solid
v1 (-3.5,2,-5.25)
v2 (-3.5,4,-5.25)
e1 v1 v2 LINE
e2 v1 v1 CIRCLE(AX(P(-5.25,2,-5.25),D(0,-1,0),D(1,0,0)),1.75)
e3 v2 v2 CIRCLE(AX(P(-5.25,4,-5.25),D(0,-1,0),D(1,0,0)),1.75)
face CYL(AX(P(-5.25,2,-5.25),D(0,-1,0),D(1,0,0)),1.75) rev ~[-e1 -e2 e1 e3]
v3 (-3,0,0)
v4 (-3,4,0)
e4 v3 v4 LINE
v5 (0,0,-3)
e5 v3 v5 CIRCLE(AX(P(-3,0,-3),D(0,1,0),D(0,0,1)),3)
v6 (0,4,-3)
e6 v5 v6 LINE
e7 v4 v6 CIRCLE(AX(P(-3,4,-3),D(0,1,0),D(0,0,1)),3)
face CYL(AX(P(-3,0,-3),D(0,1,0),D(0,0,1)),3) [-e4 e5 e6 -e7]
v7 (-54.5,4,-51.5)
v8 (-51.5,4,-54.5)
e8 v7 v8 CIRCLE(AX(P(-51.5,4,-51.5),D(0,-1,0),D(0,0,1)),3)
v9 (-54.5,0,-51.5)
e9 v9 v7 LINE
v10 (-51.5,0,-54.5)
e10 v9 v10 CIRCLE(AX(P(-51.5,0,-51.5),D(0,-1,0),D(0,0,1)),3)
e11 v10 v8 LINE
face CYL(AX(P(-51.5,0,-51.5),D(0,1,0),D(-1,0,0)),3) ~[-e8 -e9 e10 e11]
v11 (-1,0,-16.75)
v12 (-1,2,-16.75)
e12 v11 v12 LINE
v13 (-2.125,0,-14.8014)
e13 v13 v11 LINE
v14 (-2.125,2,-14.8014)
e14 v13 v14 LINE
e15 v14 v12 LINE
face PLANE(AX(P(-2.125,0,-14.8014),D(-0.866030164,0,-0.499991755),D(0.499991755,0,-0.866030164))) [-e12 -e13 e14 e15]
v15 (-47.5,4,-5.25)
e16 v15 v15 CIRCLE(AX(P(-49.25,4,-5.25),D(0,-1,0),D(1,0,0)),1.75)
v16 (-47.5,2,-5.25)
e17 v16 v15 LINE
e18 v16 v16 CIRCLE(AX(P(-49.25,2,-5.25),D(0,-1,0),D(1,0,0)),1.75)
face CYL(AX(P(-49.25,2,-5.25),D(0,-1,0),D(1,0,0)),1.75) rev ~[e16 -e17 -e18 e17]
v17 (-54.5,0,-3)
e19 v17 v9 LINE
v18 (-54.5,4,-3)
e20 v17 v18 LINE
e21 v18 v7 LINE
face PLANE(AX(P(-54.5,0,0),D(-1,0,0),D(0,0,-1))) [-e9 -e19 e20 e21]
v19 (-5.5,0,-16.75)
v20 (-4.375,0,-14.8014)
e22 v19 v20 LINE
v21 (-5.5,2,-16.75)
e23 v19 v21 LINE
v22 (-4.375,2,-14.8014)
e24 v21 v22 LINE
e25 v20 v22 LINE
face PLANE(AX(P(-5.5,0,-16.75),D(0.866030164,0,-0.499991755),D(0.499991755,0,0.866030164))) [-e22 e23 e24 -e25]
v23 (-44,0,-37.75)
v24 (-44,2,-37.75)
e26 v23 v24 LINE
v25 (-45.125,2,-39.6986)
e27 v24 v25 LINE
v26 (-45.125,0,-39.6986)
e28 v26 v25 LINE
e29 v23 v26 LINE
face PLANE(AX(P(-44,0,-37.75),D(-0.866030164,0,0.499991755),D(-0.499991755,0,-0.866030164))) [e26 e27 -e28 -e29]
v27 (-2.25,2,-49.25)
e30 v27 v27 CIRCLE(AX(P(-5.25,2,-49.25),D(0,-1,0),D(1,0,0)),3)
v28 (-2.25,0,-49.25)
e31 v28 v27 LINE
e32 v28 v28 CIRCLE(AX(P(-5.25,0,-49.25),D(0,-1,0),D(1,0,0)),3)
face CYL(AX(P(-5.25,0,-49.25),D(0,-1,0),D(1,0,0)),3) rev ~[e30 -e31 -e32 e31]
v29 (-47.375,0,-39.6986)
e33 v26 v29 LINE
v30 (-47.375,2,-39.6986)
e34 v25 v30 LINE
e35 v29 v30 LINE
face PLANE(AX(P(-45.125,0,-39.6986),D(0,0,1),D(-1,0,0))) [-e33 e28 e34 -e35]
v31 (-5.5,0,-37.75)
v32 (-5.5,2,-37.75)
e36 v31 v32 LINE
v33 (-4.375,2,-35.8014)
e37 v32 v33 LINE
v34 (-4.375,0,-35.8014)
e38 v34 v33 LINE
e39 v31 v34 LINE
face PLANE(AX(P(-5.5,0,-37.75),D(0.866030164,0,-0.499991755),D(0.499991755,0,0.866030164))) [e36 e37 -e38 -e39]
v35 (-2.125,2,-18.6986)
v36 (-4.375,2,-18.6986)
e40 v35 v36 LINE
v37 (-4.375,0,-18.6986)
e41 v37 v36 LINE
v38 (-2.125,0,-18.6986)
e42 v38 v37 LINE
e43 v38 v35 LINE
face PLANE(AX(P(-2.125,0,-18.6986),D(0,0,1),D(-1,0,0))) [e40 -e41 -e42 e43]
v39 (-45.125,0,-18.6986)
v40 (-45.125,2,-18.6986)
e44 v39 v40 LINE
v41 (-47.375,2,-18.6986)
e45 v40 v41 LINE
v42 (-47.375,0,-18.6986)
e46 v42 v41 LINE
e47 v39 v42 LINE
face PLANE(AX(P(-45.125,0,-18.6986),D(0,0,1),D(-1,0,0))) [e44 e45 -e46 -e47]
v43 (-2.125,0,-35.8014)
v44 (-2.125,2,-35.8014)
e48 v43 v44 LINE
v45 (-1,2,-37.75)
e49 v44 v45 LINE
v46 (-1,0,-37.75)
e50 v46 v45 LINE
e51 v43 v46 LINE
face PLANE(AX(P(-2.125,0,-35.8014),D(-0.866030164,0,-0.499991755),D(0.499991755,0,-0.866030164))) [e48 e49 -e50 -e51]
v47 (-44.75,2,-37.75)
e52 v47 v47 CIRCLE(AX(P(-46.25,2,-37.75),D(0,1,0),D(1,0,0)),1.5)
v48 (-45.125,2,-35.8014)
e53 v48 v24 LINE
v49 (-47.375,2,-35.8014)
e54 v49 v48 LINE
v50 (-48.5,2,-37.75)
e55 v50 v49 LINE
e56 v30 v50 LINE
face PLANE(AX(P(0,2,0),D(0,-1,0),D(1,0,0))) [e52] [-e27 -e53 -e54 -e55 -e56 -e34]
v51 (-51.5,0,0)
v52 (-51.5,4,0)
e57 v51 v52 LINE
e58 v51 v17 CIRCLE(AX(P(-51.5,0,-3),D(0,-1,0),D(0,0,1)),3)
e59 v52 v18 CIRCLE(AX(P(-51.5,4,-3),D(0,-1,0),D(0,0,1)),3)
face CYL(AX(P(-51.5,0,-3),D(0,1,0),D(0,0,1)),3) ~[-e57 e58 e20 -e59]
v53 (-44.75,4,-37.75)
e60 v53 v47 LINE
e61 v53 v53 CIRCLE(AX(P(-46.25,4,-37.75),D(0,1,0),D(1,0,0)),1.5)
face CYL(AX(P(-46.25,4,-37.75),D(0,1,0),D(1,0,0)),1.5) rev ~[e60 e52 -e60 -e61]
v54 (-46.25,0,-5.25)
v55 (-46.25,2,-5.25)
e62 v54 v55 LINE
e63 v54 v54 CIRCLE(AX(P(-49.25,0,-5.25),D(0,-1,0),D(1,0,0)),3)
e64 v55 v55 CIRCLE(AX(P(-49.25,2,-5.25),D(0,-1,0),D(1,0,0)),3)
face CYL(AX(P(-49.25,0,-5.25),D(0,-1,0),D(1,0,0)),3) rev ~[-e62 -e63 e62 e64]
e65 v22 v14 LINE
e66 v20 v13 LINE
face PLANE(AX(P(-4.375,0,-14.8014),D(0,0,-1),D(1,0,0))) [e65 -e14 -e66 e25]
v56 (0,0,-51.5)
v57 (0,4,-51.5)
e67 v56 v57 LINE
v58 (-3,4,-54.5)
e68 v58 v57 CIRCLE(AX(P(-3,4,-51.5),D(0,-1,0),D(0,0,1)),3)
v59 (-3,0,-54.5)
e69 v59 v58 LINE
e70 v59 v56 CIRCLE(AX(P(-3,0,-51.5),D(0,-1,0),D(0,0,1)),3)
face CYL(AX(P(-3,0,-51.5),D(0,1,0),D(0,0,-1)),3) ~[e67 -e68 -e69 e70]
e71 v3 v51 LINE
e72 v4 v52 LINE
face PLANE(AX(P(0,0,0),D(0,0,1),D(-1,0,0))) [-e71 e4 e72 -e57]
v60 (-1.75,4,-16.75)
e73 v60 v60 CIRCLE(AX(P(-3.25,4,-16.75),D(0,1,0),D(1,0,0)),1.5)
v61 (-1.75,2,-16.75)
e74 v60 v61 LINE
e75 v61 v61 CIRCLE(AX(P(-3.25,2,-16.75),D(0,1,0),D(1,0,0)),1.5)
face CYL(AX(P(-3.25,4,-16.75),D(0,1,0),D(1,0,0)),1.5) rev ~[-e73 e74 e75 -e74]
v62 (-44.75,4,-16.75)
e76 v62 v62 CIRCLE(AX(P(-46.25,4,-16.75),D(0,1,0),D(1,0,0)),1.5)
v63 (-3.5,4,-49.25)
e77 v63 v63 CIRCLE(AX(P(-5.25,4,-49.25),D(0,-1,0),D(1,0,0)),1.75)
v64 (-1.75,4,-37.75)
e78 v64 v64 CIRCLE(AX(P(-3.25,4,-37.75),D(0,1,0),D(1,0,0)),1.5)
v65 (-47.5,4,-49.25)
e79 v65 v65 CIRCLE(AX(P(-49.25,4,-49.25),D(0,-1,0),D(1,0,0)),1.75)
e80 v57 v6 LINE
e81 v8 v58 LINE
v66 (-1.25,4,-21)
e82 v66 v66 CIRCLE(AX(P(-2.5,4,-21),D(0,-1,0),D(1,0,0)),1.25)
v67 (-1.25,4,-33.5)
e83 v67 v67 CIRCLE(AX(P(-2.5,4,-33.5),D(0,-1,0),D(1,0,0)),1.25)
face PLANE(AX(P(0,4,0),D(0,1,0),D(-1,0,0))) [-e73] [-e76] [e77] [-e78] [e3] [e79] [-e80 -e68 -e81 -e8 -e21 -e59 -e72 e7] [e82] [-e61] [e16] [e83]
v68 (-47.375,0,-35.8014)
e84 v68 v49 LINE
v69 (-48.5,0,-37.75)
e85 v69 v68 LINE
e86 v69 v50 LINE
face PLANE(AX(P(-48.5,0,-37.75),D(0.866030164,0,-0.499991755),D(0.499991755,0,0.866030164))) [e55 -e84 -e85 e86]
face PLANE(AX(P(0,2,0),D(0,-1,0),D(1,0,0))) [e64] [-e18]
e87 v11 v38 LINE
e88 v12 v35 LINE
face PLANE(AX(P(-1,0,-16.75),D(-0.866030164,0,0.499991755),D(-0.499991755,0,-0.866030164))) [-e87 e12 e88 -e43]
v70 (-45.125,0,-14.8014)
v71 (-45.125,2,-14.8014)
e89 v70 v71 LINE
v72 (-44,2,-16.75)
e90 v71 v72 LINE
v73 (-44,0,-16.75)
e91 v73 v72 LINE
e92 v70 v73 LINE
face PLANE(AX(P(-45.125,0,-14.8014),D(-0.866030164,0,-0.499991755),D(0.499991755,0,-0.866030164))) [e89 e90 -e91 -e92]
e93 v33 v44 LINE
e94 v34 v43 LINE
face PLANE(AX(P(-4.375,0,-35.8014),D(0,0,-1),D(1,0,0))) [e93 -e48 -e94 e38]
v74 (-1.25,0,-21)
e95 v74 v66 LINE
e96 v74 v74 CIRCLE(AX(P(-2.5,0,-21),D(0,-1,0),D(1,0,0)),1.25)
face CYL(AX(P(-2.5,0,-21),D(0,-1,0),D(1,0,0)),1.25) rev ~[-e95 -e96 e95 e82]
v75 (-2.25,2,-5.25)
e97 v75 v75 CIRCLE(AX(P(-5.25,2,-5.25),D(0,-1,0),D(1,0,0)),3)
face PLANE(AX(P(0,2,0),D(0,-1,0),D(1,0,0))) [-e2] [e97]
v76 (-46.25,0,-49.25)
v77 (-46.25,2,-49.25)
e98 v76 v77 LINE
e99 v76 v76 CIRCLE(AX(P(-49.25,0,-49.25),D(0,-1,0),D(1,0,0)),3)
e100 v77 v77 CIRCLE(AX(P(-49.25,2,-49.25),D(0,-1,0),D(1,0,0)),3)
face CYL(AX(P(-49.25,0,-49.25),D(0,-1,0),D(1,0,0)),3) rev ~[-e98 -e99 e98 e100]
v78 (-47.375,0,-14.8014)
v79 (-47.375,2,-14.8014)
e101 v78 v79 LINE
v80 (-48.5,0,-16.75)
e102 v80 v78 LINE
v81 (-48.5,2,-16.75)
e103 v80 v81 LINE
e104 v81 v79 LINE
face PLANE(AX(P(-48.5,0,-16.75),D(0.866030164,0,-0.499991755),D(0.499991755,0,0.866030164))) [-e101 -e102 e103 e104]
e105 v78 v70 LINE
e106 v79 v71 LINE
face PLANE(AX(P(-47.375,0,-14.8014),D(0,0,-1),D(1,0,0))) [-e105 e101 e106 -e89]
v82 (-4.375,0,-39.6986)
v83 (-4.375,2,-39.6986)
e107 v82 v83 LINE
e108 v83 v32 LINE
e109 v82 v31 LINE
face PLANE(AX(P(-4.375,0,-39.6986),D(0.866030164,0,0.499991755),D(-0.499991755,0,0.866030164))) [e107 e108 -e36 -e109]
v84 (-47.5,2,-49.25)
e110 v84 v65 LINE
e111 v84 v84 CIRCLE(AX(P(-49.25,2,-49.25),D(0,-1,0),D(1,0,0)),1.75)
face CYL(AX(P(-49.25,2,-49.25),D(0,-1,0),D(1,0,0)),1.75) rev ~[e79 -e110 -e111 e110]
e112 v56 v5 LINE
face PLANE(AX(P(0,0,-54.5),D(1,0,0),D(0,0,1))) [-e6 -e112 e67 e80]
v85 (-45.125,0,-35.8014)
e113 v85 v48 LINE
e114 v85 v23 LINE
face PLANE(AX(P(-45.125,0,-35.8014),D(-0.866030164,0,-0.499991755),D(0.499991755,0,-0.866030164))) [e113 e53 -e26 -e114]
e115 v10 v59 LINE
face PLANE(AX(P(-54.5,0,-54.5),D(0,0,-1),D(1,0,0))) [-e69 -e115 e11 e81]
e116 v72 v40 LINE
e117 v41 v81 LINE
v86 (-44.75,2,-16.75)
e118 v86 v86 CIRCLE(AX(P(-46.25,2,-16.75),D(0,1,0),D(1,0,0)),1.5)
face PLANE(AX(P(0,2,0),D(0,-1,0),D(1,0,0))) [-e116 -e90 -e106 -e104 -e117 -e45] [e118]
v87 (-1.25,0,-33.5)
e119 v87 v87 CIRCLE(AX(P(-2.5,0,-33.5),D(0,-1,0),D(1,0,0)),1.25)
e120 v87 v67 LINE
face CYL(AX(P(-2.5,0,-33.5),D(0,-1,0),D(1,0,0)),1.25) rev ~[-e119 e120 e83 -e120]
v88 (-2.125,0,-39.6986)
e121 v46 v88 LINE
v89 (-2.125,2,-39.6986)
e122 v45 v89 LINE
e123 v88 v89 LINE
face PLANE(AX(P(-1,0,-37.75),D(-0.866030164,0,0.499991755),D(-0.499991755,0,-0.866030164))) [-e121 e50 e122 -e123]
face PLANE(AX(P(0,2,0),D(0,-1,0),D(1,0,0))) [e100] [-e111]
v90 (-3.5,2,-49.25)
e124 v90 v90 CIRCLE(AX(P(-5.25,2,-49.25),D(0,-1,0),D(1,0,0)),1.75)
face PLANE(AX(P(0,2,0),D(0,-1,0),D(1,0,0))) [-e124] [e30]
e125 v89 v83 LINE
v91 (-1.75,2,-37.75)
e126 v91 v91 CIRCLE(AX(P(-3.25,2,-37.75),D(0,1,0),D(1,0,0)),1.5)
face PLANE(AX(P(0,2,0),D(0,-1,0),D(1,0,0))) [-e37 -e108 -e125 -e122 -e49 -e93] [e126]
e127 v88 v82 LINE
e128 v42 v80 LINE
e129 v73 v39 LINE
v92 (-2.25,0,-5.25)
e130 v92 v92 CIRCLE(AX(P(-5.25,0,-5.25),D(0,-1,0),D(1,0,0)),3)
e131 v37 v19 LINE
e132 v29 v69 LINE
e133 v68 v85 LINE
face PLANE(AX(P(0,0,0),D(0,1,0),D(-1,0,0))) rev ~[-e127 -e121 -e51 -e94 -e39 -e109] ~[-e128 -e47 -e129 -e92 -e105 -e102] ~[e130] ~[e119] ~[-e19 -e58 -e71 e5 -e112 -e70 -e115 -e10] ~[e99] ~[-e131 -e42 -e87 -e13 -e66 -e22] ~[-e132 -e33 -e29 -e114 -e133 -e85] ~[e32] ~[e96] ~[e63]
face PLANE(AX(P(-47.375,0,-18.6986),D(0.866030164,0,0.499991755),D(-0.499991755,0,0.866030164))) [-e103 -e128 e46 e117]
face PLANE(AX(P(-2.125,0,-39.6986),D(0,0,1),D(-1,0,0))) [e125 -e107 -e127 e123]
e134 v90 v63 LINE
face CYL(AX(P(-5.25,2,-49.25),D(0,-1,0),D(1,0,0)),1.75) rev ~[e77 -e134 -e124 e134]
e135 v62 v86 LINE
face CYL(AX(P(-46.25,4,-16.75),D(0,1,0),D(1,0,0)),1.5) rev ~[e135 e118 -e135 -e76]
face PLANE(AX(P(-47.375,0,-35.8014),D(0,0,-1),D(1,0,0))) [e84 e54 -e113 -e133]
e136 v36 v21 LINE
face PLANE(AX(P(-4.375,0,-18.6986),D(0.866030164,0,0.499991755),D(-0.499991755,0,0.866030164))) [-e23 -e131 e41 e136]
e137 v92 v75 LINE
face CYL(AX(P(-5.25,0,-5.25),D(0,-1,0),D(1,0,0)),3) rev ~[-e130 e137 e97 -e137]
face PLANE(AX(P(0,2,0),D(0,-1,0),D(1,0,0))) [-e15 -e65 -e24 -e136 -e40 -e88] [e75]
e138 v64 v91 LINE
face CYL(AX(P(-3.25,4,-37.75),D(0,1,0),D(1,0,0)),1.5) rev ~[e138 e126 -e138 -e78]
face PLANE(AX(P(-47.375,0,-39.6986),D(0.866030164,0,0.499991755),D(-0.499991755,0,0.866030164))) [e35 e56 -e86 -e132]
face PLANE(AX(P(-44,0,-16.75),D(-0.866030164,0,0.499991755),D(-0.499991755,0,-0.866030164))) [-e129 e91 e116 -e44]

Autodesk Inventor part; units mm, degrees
ref_plane "YZ Plane" through (0, 0, 0) normal (1, 0, 0) x (0, 1, 0)
ref_plane "XZ Plane" through (0, 0, 0) normal (0, 1, 0) x (-1, 0, 0)
ref_plane "XY Plane" through (0, 0, 0) normal (0, 0, 1) x (1, 0, 0)
sketch "Эскиз1" plane through (0, 0, 0) normal (0, 1, 0) x (-1, 0, 0)
  line L0 (0, 0) -> (54.5, 0)
  line L1 (54.5, 0) -> (54.5, -54.5)
  line L2 (54.5, -54.5) -> (0, -54.5)
  line L3 (0, -54.5) -> (0, 0)
  dimension "d0" = 54.5
  dimension "d1" = 54.5
extrude "Выдавливание1" add sketch "Эскиз1" along normal blind 4
fillet "Сопряжение1" radius 3 4 edges at (0, 2, 0) (0, 2, -54.5) (-54.5, 2, -54.5) (-54.5, 2, 0)
sketch "Эскиз2" plane through (0, 0, 0) normal (0, -1, 0) x (1, 0, 0)
  arc A0 (-54.5, -51.5) -> (-51.5, -54.5) centre (-51.5, -51.5) ccw projected
  line L0 (-54.5, -51.5) -> (-54.5, -3) projected
  line L1 (-54.5, -27.25) -> (0, -27.25) construction
  line L2 (0, -3) -> (0, -51.5) projected
  line L3 (-3, -54.5) -> (-51.5, -54.5) projected
  line L4 (-27.25, -54.5) -> (-27.25, 0) construction
  line L5 (-51.5, 0) -> (-3, 0) projected
  line L6 (-54.5, -51.5) -> (-54.5, -3) projected
  circle A1 centre (-49.25, -49.25) radius 3
  circle A2 centre (-49.25, -5.25) radius 3
  circle A3 centre (-5.25, -49.25) radius 3
  circle A4 centre (-5.25, -5.25) radius 3
  point P0 (0, 0)
  dimension "d13" = 6
  dimension "d34" = 44
  dimension "d35" = 44
extrude "Выдавливание2" cut sketch "Эскиз2" against normal blind 2
sketch "Эскиз3" plane through (0, 2, 0) normal (0, -1, 0) x (1, 0, 0)
  circle A0 centre (-49.25, -49.25) radius 1.75
  line L0 (-54.5, -51.5) -> (-54.5, -3) projected
  line L1 (-54.5, -27.25) -> (0, -27.25) construction
  line L2 (0, -3) -> (0, -51.5) projected
  line L3 (-3, -54.5) -> (-51.5, -54.5) projected
  line L4 (-27.25, -54.5) -> (-27.25, 0) construction
  line L5 (-51.5, 0) -> (-3, 0) projected
  circle A1 centre (-49.25, -5.25) radius 1.75
  circle A2 centre (-5.25, -49.25) radius 1.75
  circle A3 centre (-5.25, -5.25) radius 1.75
  circle A4 centre (-49.25, -49.25) radius 3 construction
  circle A5 centre (-49.25, -49.25) radius 3
  point P0 (0, 0)
  point P1 (-45.0293, -48.6853)
  point P2 (-51.4707, -47.8147)
  dimension "d9" = 3.5
extrude "Выдавливание3" cut sketch "Эскиз3" against normal blind 2 contours A0 | A1 | A2 | A3
sketch "Эскиз4" plane through (0, 4, 0) normal (0, 1, 0) x (1, 0, 0)
  line L0 (-54.5, 51.5) -> (-54.5, 3) projected
  line L1 (0, 3) -> (0, 51.5) construction
  line L2 (-51.5, 0) -> (-3, 0) projected
  line L3 (-3, 54.5) -> (-51.5, 54.5) projected
  line L4 (-49.5, 14.5) -> (0, 14.5) construction
  line L5 (0, 14.5) -> (0, 40) construction
  line L6 (0, 40) -> (-49.5, 40) construction
  line L7 (-49.5, 40) -> (-49.5, 14.5) construction
  line L8 (-46.25, 16.75) -> (-3.25, 16.75) construction
  line L9 (-3.25, 16.75) -> (-3.25, 37.75) construction
  line L10 (-3.25, 37.75) -> (-46.25, 37.75) construction
  line L11 (-46.25, 37.75) -> (-46.25, 16.75) construction
  line L12 (-24.75, 14.5) -> (-24.75, 40) construction
  line L13 (0, 27.25) -> (-24.75, 27.25) construction
  line L14 (-24.75, 16.75) -> (-24.75, 37.75) construction
  line L15 (-3.25, 27.25) -> (-24.75, 27.25) construction
  circle A0 centre (-46.25, 16.75) radius 1.5
  circle A1 centre (-46.25, 37.75) radius 1.5
  circle A2 centre (-3.25, 37.75) radius 1.5
  circle A3 centre (-3.25, 16.75) radius 1.5
  line L16 (-27.25, 27.25) -> (-21.7344, 27.25) construction
  point P0 (0, 0)
  dimension "d17" = 49.5
  dimension "d18" = 25.5
  dimension "d19" = 43
  dimension "d20" = 21
  dimension "d21" = 3
  dimension "d22" = 3
  dimension "d23" = 3
  dimension "d24" = 3
  dimension "d36" = 2.25
  dimension "d37" = 3.25
  dimension "d40" = 3.25
  dimension "d41" = 2.25
  dimension "d42" = 2.25
  dimension "d43" = 3.25
  dimension "d44" = 3.25
  dimension "d45" = 2.25
extrude "Выдавливание4" cut sketch "Эскиз4" against normal blind 4
sketch "Эскиз5" plane through (0, 0, 0) normal (0, -1, 0) x (1, 0, 0)
  circle A0 centre (-3.25, -16.75) radius 1.5 projected
  circle A1 centre (-3.25, -16.75) radius 2.25 construction
  line L0 (-1, -16.75) -> (-2.125, -18.6986)
  line L1 (-2.125, -18.6986) -> (-4.375, -18.6986)
  line L2 (-4.375, -18.6986) -> (-5.5, -16.75)
  line L3 (-5.5, -16.75) -> (-4.375, -14.8014)
  line L4 (-4.375, -14.8014) -> (-2.125, -14.8014)
  line L5 (-2.125, -14.8014) -> (-1, -16.75)
  circle A2 centre (-3.25, -37.75) radius 1.5 projected
  circle A3 centre (-3.25, -37.75) radius 1.5
  circle A4 centre (-46.25, -37.75) radius 1.5 projected
  circle A5 centre (-46.25, -37.75) radius 1.5
  circle A6 centre (-46.25, -16.75) radius 1.5 projected
  circle A7 centre (-46.25, -16.75) radius 1.5
  line L6 (-1, -37.75) -> (-2.125, -39.6986)
  line L7 (-2.125, -39.6986) -> (-4.375, -39.6986)
  line L8 (-4.375, -39.6986) -> (-5.5, -37.75)
  line L9 (-5.5, -37.75) -> (-4.375, -35.8014)
  line L10 (-4.375, -35.8014) -> (-2.125, -35.8014)
  line L11 (-2.125, -35.8014) -> (-1, -37.75)
  line L12 (-44, -37.75) -> (-45.125, -39.6986)
  line L13 (-45.125, -39.6986) -> (-47.375, -39.6986)
  line L14 (-47.375, -39.6986) -> (-48.5, -37.75)
  line L15 (-48.5, -37.75) -> (-47.375, -35.8014)
  line L16 (-47.375, -35.8014) -> (-45.125, -35.8014)
  line L17 (-45.125, -35.8014) -> (-44, -37.75)
  line L18 (-44, -16.75) -> (-45.125, -18.6986)
  line L19 (-45.125, -18.6986) -> (-47.375, -18.6986)
  line L20 (-47.375, -18.6986) -> (-48.5, -16.75)
  line L21 (-48.5, -16.75) -> (-47.375, -14.8014)
  line L22 (-47.375, -14.8014) -> (-45.125, -14.8014)
  line L23 (-45.125, -14.8014) -> (-44, -16.75)
  line L24 (-44, -16.75) -> (-48.5, -16.75) construction
  line L25 (-44, -37.75) -> (-48.5, -37.75) construction
  line L26 (-1, -37.75) -> (-5.5, -37.75) construction
  line L27 (-1, -16.75) -> (-5.5, -16.75) construction
  point P0 (0, 0)
  dimension "d27" = 4.5
extrude "Выдавливание5" cut sketch "Эскиз5" against normal blind 2 contours A0 | L0 L1 L2 L3 L4 L5 | A2 | A4 | A6 | L6 L7 L8 L9 L10 L11 | L12 L13 L14 L15 L16 L17 | L18 L19 L20 L21 L22 L23
sketch "Эскиз6" plane through (0, 0, 0) normal (0, -1, 0) x (1, 0, 0)
  circle A0 centre (-2.5, -33.5) radius 1.25
  line L0 (-2.5, -33.5) -> (-2.5, -21) construction
  circle A1 centre (-2.5, -21) radius 1.25
  line L1 (0, -3) -> (0, -51.5) projected
  line L2 (0, -3) -> (0, -51.5) projected
  line L3 (0, -27.25) -> (-19.5358, -27.25) construction
  point P0 (0, 0)
  point P1 (-2.5, -27.25)
  dimension "d46" = 2.5
  dimension "d47" = 12.5
  dimension "d48" = 2.5
  dimension "d49" = 2.5
extrude "Выдавливание6" cut sketch "Эскиз6" against normal blind 4
equation "\"d0\" = d1"
equation "\"d22\" = d21"
equation "\"d23\" = d21"
equation "\"d24\" = d21"
equation "\"d36\" = d42"
equation "\"d37\" = d43"
equation "\"d40\" = d43"
equation "\"d41\" = d42"
equation "\"d44\" = d43"
equation "\"d45\" = d42"
properties part number "bottom"
